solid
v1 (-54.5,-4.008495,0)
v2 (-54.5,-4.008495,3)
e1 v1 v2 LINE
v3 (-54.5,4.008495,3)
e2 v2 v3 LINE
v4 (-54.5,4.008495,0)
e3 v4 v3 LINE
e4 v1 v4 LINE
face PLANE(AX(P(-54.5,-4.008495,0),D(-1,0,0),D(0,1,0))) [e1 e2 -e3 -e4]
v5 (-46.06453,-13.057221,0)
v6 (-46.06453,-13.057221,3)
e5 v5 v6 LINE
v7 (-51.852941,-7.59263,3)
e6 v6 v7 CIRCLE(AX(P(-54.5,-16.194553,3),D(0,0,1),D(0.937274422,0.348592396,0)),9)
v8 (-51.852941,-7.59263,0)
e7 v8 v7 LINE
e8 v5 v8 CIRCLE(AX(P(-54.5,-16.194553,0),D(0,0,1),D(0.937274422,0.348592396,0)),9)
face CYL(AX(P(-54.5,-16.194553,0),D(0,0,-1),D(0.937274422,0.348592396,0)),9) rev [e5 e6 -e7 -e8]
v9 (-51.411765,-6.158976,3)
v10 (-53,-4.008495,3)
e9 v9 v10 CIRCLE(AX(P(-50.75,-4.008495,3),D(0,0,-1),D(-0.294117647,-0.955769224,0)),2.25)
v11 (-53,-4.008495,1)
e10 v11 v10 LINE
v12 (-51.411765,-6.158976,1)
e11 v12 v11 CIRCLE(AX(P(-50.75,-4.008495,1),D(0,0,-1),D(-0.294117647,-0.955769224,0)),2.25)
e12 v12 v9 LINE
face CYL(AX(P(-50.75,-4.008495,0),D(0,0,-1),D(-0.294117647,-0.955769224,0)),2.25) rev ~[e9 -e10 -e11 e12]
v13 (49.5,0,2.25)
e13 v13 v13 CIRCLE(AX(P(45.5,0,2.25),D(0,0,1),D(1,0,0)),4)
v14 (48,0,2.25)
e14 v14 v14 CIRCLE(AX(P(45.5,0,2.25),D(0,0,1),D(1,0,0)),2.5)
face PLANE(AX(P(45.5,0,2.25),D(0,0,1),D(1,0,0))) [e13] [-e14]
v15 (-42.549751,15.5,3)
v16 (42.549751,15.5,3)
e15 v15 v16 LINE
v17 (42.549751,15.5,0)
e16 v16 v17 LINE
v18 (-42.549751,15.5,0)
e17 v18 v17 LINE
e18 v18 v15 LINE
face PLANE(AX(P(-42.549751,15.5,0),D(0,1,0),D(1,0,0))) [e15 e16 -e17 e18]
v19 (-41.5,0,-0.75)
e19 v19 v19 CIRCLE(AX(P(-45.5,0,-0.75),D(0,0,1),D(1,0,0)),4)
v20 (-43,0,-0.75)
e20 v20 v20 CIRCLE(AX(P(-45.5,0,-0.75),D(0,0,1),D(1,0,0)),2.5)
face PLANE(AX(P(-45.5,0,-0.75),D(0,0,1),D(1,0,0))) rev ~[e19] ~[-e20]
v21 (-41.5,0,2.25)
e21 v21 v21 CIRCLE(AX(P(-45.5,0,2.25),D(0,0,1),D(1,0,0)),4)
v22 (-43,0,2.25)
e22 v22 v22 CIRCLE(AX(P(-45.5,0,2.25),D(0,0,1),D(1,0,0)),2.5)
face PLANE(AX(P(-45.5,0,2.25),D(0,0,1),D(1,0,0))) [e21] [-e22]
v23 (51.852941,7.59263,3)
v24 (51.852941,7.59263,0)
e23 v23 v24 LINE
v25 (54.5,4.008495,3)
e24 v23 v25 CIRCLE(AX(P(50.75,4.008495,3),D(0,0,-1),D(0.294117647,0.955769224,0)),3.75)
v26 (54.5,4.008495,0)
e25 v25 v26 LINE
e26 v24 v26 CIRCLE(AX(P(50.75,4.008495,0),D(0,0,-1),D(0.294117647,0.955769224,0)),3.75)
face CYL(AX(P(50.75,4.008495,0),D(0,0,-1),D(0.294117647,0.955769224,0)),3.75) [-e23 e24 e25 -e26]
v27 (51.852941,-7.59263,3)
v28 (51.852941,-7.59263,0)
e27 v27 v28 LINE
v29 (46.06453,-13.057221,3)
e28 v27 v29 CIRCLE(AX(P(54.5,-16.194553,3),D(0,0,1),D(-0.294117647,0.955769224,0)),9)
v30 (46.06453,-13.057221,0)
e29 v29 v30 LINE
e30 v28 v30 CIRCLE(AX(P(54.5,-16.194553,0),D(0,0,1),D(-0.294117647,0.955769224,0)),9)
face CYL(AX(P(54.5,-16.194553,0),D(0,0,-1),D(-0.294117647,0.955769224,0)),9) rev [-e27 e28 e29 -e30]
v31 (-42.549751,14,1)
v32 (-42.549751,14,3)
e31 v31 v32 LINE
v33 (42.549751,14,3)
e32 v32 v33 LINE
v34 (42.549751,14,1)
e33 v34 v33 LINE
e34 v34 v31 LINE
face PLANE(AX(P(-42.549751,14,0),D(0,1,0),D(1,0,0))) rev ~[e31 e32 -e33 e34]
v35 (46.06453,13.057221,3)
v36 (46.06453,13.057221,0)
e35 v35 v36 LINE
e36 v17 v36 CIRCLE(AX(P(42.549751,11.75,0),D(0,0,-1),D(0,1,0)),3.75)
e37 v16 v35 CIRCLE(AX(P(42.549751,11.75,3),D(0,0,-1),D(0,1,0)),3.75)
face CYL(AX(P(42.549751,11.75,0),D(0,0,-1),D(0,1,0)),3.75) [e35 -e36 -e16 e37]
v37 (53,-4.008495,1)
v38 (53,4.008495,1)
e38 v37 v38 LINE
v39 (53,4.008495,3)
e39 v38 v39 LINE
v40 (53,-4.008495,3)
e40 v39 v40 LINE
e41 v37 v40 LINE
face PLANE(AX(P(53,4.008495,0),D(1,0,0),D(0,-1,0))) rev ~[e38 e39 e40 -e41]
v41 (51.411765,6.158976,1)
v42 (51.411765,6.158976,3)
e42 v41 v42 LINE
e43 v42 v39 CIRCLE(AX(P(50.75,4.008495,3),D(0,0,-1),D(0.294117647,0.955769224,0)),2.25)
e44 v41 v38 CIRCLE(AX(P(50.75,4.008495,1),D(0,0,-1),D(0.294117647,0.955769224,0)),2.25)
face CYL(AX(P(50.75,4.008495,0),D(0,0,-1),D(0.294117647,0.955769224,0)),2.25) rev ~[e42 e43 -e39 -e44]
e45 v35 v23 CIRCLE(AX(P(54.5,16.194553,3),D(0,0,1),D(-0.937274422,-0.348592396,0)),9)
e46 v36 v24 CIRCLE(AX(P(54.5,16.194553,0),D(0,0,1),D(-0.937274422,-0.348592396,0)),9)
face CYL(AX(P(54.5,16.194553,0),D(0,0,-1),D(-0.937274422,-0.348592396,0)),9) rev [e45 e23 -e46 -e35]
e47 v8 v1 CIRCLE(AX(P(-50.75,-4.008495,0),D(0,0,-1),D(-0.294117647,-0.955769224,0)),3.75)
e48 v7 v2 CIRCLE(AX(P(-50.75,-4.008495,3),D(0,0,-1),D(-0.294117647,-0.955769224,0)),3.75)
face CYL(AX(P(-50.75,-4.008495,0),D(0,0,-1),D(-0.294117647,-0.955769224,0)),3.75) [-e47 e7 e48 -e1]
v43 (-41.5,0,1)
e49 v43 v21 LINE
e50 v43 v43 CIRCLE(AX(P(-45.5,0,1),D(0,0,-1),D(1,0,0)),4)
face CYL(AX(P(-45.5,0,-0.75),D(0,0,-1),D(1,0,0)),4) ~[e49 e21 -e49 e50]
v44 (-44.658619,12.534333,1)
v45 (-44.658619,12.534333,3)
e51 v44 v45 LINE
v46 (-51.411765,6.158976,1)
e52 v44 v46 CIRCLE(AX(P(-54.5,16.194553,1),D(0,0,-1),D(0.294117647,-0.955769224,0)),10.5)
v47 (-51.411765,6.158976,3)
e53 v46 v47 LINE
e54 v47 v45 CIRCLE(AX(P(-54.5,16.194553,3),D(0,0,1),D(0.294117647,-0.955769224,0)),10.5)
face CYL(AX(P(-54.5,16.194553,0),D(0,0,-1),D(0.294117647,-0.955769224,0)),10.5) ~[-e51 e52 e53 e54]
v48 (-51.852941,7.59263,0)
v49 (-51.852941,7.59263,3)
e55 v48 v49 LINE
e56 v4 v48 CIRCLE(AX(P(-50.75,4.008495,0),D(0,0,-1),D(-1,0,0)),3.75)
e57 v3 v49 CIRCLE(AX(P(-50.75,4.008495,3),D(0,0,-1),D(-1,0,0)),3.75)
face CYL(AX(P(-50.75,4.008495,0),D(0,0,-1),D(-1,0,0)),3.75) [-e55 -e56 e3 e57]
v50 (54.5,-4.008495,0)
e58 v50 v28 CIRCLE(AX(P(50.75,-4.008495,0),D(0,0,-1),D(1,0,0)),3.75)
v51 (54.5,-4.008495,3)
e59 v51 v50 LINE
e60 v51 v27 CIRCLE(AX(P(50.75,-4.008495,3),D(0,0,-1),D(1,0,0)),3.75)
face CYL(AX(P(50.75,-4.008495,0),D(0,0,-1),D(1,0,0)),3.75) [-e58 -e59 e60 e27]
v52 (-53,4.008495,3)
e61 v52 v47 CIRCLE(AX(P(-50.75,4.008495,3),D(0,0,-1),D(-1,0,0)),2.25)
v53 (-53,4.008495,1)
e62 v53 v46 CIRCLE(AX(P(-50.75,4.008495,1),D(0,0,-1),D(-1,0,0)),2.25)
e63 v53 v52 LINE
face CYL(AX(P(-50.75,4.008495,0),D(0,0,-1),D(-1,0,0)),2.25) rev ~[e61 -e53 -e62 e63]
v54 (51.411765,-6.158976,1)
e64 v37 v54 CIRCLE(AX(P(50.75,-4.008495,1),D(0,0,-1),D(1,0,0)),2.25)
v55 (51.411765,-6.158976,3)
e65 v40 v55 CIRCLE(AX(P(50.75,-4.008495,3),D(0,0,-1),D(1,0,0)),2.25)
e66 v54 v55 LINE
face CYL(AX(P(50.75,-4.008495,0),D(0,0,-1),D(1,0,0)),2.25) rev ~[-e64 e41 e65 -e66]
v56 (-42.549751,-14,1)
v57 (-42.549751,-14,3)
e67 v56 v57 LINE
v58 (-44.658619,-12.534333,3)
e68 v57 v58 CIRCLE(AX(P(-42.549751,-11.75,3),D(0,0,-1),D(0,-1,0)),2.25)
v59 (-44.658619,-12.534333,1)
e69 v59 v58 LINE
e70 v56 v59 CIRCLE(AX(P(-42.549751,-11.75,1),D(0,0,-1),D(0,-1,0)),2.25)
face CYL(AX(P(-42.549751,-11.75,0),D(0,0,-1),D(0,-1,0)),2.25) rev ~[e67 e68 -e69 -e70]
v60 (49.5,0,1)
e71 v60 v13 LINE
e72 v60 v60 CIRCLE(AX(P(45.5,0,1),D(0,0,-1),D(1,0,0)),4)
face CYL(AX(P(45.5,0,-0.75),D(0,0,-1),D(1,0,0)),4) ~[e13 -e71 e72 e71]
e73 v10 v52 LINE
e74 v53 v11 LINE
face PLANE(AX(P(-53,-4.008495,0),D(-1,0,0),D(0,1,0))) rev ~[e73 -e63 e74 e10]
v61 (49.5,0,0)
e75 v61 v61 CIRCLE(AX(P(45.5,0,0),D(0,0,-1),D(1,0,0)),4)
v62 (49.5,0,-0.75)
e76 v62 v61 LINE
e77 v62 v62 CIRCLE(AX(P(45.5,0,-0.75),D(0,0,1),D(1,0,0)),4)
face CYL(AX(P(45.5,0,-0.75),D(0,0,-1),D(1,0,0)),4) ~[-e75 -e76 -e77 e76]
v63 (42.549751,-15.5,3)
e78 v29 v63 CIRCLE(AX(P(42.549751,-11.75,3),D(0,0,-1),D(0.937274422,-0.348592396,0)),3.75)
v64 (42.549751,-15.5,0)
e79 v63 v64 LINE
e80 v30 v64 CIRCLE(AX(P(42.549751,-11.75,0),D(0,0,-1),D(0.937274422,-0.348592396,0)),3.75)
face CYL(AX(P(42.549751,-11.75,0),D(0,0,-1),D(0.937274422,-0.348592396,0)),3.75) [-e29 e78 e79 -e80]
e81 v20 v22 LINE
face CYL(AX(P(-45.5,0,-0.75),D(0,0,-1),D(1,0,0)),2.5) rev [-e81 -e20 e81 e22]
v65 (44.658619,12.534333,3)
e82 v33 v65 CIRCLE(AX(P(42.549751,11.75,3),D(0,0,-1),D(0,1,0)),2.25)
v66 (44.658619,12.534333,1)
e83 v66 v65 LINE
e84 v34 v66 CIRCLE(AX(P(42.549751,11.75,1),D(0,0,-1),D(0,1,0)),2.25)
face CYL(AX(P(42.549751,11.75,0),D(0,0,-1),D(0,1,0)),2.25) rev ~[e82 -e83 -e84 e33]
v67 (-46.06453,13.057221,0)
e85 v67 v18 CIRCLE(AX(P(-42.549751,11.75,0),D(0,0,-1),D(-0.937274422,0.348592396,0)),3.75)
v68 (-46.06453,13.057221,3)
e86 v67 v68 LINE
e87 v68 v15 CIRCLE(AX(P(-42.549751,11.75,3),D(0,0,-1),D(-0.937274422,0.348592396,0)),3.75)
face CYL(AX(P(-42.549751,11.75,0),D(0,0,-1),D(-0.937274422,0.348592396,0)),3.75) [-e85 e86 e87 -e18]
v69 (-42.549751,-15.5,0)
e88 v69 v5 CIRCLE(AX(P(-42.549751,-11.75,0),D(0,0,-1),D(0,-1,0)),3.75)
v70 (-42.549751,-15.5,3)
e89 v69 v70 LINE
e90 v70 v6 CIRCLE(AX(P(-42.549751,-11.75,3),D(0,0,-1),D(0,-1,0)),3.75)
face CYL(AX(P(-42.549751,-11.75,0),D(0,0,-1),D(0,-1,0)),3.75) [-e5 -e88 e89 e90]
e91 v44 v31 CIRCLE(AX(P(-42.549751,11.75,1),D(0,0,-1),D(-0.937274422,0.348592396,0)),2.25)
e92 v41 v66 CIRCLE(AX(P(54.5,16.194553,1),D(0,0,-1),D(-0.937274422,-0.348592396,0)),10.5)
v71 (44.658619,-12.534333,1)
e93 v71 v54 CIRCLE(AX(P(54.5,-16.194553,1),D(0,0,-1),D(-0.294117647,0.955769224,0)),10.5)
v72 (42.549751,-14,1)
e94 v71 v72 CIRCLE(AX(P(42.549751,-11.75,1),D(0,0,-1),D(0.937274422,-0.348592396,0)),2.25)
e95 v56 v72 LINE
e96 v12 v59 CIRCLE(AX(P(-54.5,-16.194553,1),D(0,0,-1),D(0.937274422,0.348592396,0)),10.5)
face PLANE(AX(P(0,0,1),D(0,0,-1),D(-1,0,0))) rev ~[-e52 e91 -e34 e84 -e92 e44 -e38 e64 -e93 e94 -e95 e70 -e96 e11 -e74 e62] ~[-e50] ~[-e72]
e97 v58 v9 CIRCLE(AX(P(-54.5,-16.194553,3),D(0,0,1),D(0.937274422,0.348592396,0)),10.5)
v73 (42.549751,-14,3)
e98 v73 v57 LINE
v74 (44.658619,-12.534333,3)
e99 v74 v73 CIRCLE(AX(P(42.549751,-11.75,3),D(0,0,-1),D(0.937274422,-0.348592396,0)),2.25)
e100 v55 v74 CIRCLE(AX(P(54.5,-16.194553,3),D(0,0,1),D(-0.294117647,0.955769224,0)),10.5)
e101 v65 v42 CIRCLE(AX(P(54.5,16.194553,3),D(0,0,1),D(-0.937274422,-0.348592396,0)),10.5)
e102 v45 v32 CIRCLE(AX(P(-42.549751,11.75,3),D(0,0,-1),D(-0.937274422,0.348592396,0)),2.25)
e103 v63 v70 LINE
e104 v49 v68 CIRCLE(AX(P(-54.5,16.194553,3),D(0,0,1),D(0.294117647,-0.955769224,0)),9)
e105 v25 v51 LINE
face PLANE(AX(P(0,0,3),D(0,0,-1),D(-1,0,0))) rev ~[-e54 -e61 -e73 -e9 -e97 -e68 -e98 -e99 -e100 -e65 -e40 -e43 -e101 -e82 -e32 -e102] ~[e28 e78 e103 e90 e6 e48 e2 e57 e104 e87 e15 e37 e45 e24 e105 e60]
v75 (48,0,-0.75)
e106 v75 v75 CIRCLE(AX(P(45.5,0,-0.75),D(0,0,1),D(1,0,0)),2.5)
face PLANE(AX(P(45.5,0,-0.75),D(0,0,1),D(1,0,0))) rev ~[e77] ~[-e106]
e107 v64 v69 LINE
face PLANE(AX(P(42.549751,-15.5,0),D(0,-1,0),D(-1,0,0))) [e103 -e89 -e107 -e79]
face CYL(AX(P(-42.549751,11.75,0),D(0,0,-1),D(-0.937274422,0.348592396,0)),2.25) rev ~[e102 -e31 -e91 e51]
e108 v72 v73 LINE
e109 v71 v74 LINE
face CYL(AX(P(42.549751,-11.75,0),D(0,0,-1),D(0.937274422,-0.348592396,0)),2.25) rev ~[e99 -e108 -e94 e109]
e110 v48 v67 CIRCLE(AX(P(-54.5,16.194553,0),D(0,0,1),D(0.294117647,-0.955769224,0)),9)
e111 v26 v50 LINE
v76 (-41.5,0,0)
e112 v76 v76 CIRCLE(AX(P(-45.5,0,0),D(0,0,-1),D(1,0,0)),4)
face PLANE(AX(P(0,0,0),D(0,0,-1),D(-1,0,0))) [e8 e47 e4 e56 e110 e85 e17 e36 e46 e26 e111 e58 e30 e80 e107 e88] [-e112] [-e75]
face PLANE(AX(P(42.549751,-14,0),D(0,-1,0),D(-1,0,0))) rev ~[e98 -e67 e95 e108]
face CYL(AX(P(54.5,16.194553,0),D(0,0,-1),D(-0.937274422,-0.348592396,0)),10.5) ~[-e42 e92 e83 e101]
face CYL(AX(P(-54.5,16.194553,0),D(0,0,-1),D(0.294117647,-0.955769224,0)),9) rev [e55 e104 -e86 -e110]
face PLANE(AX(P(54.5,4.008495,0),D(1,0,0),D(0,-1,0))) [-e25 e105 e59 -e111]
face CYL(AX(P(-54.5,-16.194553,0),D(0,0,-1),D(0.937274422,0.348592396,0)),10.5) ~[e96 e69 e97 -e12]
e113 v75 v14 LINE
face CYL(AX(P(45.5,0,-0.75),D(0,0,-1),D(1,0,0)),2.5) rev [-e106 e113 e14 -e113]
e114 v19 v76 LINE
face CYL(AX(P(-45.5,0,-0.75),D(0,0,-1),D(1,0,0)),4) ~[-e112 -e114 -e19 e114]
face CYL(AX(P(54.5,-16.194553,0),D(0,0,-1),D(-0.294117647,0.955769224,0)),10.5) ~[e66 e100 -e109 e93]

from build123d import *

# Parameters (mm, degrees)
NAME_PLATE_BEZEL_DEPTH     = 3
NAME_PLATE_BACKPLATE_DEPTH = 1
HOLE_BEZEL_DEPTH           = 2.25
HOLE_BEZEL_DEPTH_BACK      = 0.75
HOLE_SKETCH_R              = 4
HOLE_SKETCH_R_2            = 2.5
HOLE_CUTOUT_DEPTH          = 57.740637994
HOLE_CUTOUT_DEPTH_BACK     = 57.740637994
HOLE_SKETCH_6_R            = 2.5


with BuildPart() as part:
    # Base Plate Sketch → Name Plate Bezel (new body)
    with BuildSketch(Plane.XY):
        with BuildLine():
            Line((-42.549751124, 15.5), (42.549751124, 15.5))
            ThreePointArc((42.549751124, 15.5), (44.689893576, 14.829332766), (46.064530205, 13.057221485))
            ThreePointArc((46.064530205, 13.057221485), (48.321727581, 9.650169967), (51.852941176, 7.592630032))
            ThreePointArc((51.852941176, 7.592630032), (53.76649875, 6.236327413), (54.5, 4.008495442))
            Line((54.5, 4.008495442), (54.5, -4.008495442))
            ThreePointArc((54.5, -4.008495442), (53.76649875, -6.236327413), (51.852941176, -7.592630032))
            ThreePointArc((51.852941176, -7.592630032), (48.321727581, -9.650169967), (46.064530205, -13.057221485))
            ThreePointArc((46.064530205, -13.057221485), (44.689893576, -14.829332766), (42.549751124, -15.5))
            Line((42.549751124, -15.5), (-42.549751124, -15.5))
            ThreePointArc((-42.549751124, -15.5), (-44.689893576, -14.829332766), (-46.064530205, -13.057221485))
            ThreePointArc((-46.064530205, -13.057221485), (-48.321727581, -9.650169967), (-51.852941176, -7.592630032))
            ThreePointArc((-51.852941176, -7.592630032), (-53.76649875, -6.236327413), (-54.5, -4.008495442))
            Line((-54.5, -4.008495442), (-54.5, 4.008495442))
            ThreePointArc((-54.5, 4.008495442), (-53.76649875, 6.236327413), (-51.852941176, 7.592630032))
            ThreePointArc((-51.852941176, 7.592630032), (-48.321727581, 9.650169967), (-46.064530205, 13.057221485))
            ThreePointArc((-46.064530205, 13.057221485), (-44.689893576, 14.829332766), (-42.549751124, 15.5))
        make_face()
        with BuildLine():
            Line((-42.549751124, 14), (42.549751124, 14))
            ThreePointArc((42.549751124, 14), (43.833836595, 13.59759966), (44.658618573, 12.534332891))
            ThreePointArc((44.658618573, 12.534332891), (47.292015511, 8.559439453), (51.411764706, 6.158976196))
            ThreePointArc((51.411764706, 6.158976196), (52.55989925, 5.345194625), (53, 4.008495442))
            Line((53, 4.008495442), (53, -4.008495442))
            ThreePointArc((53, -4.008495442), (52.55989925, -5.345194625), (51.411764706, -6.158976196))
            ThreePointArc((51.411764706, -6.158976196), (47.292015511, -8.559439453), (44.658618573, -12.534332891))
            ThreePointArc((44.658618573, -12.534332891), (43.833836595, -13.59759966), (42.549751124, -14))
            Line((42.549751124, -14), (-42.549751124, -14))
            ThreePointArc((-42.549751124, -14), (-43.833836595, -13.59759966), (-44.658618573, -12.534332891))
            ThreePointArc((-44.658618573, -12.534332891), (-47.292015511, -8.559439453), (-51.411764706, -6.158976196))
            ThreePointArc((-51.411764706, -6.158976196), (-52.55989925, -5.345194625), (-53, -4.008495442))
            Line((-53, -4.008495442), (-53, 4.008495442))
            ThreePointArc((-53, 4.008495442), (-52.55989925, 5.345194625), (-51.411764706, 6.158976196))
            ThreePointArc((-51.411764706, 6.158976196), (-47.292015511, 8.559439453), (-44.658618573, 12.534332891))
            ThreePointArc((-44.658618573, 12.534332891), (-43.833836595, 13.59759966), (-42.549751124, 14))
        make_face(mode=Mode.SUBTRACT)
    extrude(amount=NAME_PLATE_BEZEL_DEPTH)

    # Sketch1<6> → Name Plate Backplate (add)
    with BuildSketch(Plane.XY):
        with BuildLine():
            Line((-42.549751124, 15.5), (42.549751124, 15.5))
            ThreePointArc((42.549751124, 15.5), (44.689893576, 14.829332766), (46.064530205, 13.057221485))
            ThreePointArc((46.064530205, 13.057221485), (48.321727581, 9.650169967), (51.852941176, 7.592630032))
            ThreePointArc((51.852941176, 7.592630032), (53.76649875, 6.236327413), (54.5, 4.008495442))
            Line((54.5, 4.008495442), (54.5, -4.008495442))
            ThreePointArc((54.5, -4.008495442), (53.76649875, -6.236327413), (51.852941176, -7.592630032))
            ThreePointArc((51.852941176, -7.592630032), (48.321727581, -9.650169967), (46.064530205, -13.057221485))
            ThreePointArc((46.064530205, -13.057221485), (44.689893576, -14.829332766), (42.549751124, -15.5))
            Line((42.549751124, -15.5), (-42.549751124, -15.5))
            ThreePointArc((-42.549751124, -15.5), (-44.689893576, -14.829332766), (-46.064530205, -13.057221485))
            ThreePointArc((-46.064530205, -13.057221485), (-48.321727581, -9.650169967), (-51.852941176, -7.592630032))
            ThreePointArc((-51.852941176, -7.592630032), (-53.76649875, -6.236327413), (-54.5, -4.008495442))
            Line((-54.5, -4.008495442), (-54.5, 4.008495442))
            ThreePointArc((-54.5, 4.008495442), (-53.76649875, 6.236327413), (-51.852941176, 7.592630032))
            ThreePointArc((-51.852941176, 7.592630032), (-48.321727581, 9.650169967), (-46.064530205, 13.057221485))
            ThreePointArc((-46.064530205, 13.057221485), (-44.689893576, 14.829332766), (-42.549751124, 15.5))
        make_face()
    extrude(amount=NAME_PLATE_BACKPLATE_DEPTH)

    # Hole Sketch → Hole Bezel (add, two sides: drawn at the far end of the back side and taken through both)
    # profile 1 of 2: a face of its own
    with BuildSketch(Plane.XY.offset(-HOLE_BEZEL_DEPTH_BACK)):
        with Locations((45.5, 0)):
            Circle(HOLE_SKETCH_R)
        with Locations((45.5, 0)):
            Circle(HOLE_SKETCH_R_2, mode=Mode.SUBTRACT)
    # profile 2 of 2: a face of its own
    with BuildSketch(Plane.XY.offset(-HOLE_BEZEL_DEPTH_BACK)):
        with Locations((-45.5, 0)):
            Circle(HOLE_SKETCH_R)
        with Locations((-45.5, 0)):
            Circle(HOLE_SKETCH_R_2, mode=Mode.SUBTRACT)
    extrude(amount=HOLE_BEZEL_DEPTH + HOLE_BEZEL_DEPTH_BACK)

    # Hole Sketch<6> → Hole Cutout (cut, two sides: drawn at the far end of the back side and taken through both)
    with BuildSketch(Plane.XY.offset(-HOLE_CUTOUT_DEPTH_BACK)):
        with Locations((-45.5, 0)):
            Circle(HOLE_SKETCH_6_R)
        with Locations((45.5, 0)):
            Circle(HOLE_SKETCH_6_R)
    extrude(amount=HOLE_CUTOUT_DEPTH + HOLE_CUTOUT_DEPTH_BACK, mode=Mode.SUBTRACT)


solid = part.part
